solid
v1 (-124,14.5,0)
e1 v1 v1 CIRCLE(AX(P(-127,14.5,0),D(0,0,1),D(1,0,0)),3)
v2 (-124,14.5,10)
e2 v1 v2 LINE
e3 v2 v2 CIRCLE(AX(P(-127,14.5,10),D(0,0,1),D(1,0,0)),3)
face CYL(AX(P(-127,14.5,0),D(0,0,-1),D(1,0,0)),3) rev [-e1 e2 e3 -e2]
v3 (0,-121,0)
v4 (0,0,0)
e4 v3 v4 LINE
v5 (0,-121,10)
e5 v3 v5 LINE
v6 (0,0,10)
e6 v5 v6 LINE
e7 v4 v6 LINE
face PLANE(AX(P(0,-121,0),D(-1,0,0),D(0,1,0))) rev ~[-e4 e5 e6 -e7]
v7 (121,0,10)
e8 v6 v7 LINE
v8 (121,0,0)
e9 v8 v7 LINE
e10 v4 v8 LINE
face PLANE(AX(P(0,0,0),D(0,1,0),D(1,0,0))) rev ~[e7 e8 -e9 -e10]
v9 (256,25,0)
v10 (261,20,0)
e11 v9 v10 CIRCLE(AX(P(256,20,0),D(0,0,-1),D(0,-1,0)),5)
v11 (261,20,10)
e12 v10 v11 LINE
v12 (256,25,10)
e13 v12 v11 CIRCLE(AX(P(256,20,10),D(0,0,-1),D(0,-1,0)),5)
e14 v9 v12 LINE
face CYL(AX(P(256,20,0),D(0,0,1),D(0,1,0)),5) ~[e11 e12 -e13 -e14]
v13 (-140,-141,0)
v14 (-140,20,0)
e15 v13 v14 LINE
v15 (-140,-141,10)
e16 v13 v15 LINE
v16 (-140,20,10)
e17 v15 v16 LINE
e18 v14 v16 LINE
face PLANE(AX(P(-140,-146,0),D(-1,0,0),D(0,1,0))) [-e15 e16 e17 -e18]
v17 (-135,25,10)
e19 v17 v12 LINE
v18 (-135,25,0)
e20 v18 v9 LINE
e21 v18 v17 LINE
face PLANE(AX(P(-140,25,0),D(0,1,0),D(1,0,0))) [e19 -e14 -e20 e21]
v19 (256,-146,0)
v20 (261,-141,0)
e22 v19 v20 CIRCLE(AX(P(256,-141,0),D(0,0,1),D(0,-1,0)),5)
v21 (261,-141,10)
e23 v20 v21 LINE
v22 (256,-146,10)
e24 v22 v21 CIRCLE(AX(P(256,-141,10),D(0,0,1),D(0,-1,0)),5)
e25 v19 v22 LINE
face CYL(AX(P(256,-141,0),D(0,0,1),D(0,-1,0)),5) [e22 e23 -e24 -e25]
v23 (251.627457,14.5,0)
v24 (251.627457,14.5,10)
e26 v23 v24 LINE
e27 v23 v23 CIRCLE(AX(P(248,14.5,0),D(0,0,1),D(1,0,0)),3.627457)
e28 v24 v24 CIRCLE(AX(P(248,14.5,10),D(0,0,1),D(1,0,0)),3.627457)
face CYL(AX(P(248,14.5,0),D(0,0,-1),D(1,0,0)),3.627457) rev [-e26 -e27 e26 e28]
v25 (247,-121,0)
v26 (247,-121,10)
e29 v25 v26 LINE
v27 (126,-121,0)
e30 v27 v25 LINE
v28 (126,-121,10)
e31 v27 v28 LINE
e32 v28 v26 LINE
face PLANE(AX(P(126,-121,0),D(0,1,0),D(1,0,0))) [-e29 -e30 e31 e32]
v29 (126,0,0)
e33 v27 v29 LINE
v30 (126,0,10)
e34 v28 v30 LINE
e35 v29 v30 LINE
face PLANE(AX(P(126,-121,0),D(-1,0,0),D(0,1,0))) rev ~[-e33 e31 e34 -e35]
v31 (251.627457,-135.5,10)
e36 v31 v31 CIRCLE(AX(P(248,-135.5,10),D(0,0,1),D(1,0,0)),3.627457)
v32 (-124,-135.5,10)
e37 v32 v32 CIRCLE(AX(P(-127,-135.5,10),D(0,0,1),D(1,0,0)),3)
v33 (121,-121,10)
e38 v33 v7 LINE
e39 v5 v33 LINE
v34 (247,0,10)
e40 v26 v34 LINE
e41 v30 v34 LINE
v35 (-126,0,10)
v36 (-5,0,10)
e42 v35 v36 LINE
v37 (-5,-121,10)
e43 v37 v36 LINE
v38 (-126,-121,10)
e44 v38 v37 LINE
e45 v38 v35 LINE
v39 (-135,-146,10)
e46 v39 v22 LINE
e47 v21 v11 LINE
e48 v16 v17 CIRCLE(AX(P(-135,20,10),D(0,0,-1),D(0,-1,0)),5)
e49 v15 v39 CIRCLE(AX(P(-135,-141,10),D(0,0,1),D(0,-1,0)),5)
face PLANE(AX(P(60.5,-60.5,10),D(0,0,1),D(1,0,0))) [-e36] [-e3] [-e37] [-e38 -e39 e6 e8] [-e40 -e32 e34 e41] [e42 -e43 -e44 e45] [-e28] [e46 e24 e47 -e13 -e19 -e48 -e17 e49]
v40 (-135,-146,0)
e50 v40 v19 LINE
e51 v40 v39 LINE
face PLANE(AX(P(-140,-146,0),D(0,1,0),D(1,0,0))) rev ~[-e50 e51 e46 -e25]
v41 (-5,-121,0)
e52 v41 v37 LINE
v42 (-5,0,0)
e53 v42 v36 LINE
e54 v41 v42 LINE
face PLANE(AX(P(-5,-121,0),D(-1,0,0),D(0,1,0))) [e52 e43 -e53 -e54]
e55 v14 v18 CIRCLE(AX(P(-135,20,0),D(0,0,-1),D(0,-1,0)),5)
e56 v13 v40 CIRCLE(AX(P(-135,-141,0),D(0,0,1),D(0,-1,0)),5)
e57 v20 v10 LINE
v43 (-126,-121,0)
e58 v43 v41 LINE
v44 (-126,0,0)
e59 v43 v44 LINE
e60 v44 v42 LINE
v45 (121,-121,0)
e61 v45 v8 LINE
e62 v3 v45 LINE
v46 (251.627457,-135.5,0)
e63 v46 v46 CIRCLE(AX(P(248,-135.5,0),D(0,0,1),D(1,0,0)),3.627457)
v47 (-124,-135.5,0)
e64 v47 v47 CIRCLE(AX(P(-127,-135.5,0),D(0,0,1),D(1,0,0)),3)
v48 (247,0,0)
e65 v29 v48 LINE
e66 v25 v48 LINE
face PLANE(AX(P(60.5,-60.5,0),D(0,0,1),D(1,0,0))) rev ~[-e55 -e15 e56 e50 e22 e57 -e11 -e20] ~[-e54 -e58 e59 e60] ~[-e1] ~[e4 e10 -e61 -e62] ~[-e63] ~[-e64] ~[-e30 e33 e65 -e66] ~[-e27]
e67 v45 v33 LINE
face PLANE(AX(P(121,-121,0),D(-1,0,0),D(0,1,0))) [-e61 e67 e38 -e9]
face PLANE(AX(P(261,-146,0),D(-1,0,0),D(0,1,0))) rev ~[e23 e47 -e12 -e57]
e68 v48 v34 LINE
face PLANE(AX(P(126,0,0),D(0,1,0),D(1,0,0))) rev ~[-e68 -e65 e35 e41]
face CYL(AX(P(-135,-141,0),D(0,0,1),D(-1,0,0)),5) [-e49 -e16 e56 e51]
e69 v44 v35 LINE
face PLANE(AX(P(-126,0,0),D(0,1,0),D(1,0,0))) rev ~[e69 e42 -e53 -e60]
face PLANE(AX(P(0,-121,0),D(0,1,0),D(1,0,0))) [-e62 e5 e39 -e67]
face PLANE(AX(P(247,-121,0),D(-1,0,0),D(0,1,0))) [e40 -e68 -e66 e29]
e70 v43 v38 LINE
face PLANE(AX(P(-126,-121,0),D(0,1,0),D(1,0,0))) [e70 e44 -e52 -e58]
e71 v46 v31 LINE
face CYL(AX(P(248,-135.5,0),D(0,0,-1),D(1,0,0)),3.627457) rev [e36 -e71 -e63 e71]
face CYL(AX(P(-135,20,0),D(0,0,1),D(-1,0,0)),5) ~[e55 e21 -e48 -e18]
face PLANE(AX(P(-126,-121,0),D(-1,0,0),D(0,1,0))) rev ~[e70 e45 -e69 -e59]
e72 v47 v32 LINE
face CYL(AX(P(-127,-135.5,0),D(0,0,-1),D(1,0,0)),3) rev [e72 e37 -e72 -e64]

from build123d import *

# Parameters (mm, degrees)
F0_W     = 401
F0_H     = 171
F0_R     = 3
F0_R_2   = 3.627457
F0_W_2   = 121
F0_H_2   = 121
F1_DEPTH = 10
F2_R     = 5


with BuildPart() as f1:
    # F0 (on Top) → F1 (new body)
    with BuildSketch(Plane.XY):
        with Locations((60.5, -60.5)):
            Rectangle(F0_W, F0_H)
        with Locations((-127, -135.5)):
            Circle(F0_R, mode=Mode.SUBTRACT)
        with Locations((248, -135.5)):
            Circle(F0_R_2, mode=Mode.SUBTRACT)
        with Locations((-65.5, -60.5)):
            Rectangle(F0_W_2, F0_H_2, mode=Mode.SUBTRACT)
        with Locations((-127, 14.5)):
            Circle(F0_R, mode=Mode.SUBTRACT)
        with Locations((60.5, -60.5)):
            Rectangle(F0_W_2, F0_H_2, mode=Mode.SUBTRACT)
        with Locations((186.5, -60.5)):
            Rectangle(F0_W_2, F0_H_2, mode=Mode.SUBTRACT)
        with Locations((248, 14.5)):
            Circle(F0_R_2, mode=Mode.SUBTRACT)
    extrude(amount=F1_DEPTH)

    # F2
    f2_edges = [f1.edges().sort_by_distance(p)[0] for p in [
        (261, 25, 5),
        (261, -146, 5),
        (-140, -146, 5),
        (-140, 25, 5),
    ]]
    fillet(f2_edges, radius=F2_R)


solid = f1.part
